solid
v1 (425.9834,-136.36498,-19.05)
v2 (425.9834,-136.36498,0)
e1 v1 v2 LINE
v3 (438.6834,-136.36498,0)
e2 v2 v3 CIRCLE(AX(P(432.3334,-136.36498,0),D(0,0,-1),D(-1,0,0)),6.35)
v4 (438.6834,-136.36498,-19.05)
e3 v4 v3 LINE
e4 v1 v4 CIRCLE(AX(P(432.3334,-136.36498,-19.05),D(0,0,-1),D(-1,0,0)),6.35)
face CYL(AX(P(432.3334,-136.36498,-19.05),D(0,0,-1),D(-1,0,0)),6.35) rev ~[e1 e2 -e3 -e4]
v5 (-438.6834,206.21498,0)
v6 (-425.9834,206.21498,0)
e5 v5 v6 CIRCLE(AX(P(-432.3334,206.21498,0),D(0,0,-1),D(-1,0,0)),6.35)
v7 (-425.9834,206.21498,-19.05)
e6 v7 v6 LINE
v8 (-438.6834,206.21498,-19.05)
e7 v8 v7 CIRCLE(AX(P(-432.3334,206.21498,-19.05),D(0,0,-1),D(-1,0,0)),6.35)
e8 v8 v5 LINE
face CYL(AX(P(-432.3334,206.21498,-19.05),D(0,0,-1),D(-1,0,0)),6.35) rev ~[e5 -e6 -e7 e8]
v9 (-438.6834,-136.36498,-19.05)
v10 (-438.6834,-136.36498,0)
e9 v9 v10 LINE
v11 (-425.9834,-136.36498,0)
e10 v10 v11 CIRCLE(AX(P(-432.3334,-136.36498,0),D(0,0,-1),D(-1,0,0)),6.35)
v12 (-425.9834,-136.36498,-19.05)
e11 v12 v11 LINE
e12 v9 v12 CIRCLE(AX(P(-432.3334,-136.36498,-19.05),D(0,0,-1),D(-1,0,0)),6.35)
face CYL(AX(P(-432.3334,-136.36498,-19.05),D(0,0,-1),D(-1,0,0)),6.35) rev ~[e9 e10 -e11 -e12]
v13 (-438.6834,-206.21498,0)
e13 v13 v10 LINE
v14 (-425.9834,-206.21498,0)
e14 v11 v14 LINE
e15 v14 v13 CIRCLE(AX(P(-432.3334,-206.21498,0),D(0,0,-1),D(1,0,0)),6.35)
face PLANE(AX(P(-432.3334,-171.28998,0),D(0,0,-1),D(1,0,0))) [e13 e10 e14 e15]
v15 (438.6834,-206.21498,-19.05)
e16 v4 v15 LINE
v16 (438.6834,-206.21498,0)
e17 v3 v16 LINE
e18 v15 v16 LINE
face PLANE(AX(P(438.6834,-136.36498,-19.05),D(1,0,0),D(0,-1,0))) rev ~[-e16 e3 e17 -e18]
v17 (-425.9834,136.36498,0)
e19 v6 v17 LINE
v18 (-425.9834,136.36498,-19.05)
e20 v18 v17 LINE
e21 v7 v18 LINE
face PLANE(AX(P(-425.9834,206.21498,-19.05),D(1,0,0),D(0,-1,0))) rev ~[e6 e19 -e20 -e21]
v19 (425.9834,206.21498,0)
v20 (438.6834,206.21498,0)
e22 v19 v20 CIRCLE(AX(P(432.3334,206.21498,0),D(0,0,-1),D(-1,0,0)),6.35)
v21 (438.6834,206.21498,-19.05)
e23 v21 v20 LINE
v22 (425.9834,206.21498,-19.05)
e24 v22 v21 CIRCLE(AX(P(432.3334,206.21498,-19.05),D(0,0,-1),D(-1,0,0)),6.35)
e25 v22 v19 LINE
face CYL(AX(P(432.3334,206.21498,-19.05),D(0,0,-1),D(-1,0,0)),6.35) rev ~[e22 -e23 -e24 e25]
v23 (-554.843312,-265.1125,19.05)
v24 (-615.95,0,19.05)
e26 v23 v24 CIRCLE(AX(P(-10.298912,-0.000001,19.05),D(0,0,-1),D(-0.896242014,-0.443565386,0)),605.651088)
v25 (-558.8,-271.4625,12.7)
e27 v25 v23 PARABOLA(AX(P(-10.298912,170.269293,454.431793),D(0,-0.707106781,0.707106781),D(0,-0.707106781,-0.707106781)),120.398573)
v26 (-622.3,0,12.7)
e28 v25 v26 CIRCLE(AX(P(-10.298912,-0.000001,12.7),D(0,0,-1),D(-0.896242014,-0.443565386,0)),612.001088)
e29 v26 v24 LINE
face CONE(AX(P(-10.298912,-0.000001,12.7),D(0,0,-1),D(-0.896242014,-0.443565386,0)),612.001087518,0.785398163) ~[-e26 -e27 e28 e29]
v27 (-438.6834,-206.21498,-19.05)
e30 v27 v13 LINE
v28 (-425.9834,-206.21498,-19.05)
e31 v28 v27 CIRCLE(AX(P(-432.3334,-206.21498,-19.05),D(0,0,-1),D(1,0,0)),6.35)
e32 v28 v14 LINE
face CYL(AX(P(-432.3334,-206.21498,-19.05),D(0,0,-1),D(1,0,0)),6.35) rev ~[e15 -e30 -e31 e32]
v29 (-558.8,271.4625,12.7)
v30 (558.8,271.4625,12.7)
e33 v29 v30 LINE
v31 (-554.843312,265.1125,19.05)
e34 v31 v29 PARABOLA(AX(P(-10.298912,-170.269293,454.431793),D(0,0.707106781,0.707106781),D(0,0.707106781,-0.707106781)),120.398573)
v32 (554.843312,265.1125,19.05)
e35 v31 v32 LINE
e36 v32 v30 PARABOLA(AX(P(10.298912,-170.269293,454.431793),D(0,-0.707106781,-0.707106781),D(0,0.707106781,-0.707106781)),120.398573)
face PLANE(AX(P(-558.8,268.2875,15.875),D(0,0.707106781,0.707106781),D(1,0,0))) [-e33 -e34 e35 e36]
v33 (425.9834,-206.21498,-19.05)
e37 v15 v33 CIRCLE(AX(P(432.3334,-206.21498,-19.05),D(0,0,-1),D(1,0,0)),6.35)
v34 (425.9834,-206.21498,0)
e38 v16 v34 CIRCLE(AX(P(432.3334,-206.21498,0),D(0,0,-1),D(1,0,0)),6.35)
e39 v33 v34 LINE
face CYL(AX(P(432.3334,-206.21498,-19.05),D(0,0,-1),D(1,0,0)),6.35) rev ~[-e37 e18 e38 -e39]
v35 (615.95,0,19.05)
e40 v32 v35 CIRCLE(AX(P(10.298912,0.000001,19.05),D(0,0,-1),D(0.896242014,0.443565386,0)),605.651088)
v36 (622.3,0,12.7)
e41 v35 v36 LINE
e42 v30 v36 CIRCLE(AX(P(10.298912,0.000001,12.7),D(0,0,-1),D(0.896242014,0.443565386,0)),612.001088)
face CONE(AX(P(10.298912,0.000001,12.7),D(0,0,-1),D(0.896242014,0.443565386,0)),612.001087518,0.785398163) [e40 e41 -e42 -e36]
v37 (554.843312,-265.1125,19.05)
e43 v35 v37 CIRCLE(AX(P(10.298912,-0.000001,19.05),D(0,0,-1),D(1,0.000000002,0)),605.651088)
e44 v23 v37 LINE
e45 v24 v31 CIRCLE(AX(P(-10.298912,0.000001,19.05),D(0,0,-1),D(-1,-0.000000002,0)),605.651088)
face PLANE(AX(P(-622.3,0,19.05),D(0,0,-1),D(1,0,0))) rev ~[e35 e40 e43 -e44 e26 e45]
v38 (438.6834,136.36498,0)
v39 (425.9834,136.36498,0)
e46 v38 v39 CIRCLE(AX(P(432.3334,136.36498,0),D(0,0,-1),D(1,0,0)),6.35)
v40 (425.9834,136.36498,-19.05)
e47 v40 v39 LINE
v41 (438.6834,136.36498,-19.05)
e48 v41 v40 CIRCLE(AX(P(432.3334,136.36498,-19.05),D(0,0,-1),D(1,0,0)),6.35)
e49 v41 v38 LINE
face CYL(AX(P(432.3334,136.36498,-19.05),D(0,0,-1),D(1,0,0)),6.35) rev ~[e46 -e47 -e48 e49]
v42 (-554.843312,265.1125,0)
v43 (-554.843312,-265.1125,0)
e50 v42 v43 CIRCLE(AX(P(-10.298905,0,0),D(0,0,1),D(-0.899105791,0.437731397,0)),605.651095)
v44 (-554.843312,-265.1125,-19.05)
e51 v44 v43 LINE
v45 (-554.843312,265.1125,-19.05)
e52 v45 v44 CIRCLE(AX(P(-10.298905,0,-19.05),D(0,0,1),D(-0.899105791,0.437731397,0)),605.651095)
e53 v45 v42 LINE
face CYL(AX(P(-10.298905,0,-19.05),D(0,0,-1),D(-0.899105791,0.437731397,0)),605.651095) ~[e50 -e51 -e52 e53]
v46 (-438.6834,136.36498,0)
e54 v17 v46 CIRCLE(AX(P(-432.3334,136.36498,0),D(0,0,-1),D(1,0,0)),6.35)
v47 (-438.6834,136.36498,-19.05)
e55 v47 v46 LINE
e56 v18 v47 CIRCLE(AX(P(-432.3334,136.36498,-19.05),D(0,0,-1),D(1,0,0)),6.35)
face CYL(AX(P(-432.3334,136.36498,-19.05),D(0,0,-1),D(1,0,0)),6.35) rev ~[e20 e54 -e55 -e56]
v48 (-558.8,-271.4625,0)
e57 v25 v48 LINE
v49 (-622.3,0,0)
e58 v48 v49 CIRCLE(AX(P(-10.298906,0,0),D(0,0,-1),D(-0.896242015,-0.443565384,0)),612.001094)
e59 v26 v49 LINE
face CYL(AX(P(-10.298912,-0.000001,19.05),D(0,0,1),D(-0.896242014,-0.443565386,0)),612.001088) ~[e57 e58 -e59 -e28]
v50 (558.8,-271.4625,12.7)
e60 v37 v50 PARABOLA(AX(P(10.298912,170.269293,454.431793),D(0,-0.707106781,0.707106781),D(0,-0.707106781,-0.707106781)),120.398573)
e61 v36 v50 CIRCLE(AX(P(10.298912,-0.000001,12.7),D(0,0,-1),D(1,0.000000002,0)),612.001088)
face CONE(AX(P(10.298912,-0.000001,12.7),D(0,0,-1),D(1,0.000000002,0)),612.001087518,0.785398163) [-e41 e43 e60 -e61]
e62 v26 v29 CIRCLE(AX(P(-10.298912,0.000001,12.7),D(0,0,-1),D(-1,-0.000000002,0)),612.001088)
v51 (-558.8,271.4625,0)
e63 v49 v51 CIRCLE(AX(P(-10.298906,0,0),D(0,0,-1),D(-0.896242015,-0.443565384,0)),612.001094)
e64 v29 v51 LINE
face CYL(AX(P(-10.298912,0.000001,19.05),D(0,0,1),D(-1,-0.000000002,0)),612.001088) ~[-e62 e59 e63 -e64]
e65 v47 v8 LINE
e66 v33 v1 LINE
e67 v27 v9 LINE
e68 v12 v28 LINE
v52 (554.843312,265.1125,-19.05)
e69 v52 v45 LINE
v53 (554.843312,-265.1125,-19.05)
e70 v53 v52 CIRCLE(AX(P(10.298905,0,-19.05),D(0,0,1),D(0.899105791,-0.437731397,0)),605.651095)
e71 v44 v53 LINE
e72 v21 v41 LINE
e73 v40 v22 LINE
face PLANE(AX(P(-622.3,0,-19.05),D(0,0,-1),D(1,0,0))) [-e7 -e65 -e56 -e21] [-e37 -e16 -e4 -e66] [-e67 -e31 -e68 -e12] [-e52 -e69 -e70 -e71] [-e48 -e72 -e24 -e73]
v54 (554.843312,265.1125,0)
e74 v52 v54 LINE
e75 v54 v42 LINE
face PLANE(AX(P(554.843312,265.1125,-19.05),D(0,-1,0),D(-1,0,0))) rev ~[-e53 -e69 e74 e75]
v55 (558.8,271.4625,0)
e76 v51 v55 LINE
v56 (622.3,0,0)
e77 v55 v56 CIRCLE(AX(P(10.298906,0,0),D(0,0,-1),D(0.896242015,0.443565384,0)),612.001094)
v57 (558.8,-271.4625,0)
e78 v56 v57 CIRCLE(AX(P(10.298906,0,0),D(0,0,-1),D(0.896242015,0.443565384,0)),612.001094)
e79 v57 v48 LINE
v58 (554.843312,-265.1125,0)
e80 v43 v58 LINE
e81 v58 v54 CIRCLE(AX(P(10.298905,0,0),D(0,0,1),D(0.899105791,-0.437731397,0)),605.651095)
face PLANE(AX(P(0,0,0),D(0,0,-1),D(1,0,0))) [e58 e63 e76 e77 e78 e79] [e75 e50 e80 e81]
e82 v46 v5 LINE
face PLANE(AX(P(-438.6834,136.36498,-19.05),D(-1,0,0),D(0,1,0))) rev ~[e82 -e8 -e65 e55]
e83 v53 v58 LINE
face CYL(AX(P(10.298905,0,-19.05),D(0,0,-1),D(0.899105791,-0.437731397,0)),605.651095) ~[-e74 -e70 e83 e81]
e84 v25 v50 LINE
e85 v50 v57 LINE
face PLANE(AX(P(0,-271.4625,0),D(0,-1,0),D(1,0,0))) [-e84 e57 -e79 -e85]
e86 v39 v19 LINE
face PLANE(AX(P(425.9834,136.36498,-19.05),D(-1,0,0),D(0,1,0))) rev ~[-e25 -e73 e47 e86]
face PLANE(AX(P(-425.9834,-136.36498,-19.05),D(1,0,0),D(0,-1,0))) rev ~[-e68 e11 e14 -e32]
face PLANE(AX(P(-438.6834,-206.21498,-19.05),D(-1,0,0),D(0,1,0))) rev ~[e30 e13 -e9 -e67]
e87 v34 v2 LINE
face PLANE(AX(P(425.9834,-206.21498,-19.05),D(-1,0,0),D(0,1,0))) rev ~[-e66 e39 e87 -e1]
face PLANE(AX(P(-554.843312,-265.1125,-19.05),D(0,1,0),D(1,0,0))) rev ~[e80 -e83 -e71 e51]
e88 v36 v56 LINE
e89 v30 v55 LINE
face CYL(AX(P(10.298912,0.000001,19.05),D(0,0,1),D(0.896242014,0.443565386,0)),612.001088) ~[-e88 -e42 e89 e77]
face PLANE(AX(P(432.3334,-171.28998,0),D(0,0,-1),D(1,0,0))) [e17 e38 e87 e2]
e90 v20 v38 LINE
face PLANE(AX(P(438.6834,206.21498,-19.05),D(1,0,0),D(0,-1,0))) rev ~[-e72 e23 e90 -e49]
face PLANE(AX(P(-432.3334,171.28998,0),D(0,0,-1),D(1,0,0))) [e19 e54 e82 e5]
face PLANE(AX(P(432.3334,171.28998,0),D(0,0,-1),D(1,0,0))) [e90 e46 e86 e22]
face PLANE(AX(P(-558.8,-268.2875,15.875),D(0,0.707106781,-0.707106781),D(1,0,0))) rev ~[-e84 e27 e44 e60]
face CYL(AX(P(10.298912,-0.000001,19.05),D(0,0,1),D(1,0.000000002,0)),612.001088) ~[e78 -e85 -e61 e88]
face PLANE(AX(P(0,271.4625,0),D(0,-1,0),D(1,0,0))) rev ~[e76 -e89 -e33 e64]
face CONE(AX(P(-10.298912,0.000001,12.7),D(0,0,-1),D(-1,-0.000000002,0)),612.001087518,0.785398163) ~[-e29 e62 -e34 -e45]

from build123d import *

# Parameters (mm, degrees)
F0_W     = 1244.6
F0_H     = 38.1
F1_DEPTH = 271.4625
F3_DEPTH = 38.101
F4_SIZE  = 6.35
F6_DEPTH = 19.05
F8_DEPTH = 19.05


with BuildPart() as f1:
    # F0 (on Front) → F1 (new body, symmetric)
    with BuildSketch(Plane.XZ):
        Rectangle(F0_W, F0_H)
    extrude(amount=F1_DEPTH, both=True)

    # F2 (on face) → F3 (cut, through all)
    with BuildSketch(Plane.XY.offset(19.05)):
        with BuildLine():
            ThreePointArc((-622.3, 0), (-606.213585, 139.395246), (-558.8, 271.4625))
            Line((-558.8, 271.4625), (-622.3, 271.4625))
            Line((-622.3, 271.4625), (-622.3, 0))
        make_face()
        with BuildLine():
            ThreePointArc((-558.8, -271.4625), (-606.213585, -139.395246), (-622.3, 0))
            Line((-622.3, 0), (-622.3, -271.4625))
            Line((-622.3, -271.4625), (-558.8, -271.4625))
        make_face()
        with BuildLine():
            Line((622.3, 271.4625), (558.8, 271.4625))
            ThreePointArc((558.8, 271.4625), (606.213585, 139.395246), (622.3, 0))
            Line((622.3, 0), (622.3, 271.4625))
        make_face()
        with BuildLine():
            Line((622.3, -271.4625), (622.3, 0))
            ThreePointArc((622.3, 0), (606.213585, -139.395246), (558.8, -271.4625))
            Line((558.8, -271.4625), (622.3, -271.4625))
        make_face()
    extrude(amount=-F3_DEPTH, mode=Mode.SUBTRACT)

    # F4
    f4_edges = [f1.edges().sort_by_distance(p)[0] for p in [
        (622.3, 0, 19.05),
        (0, 271.4625, 19.05),
        (-622.3, 0, 19.05),
        (0, -271.4625, 19.05),
    ]]
    chamfer(f4_edges, length=F4_SIZE)

    # F5 (on face) → F6 (cut)
    with BuildSketch(Plane(origin=(0, 0, -19.05), x_dir=(1, 0, 0), z_dir=(0, 0, -1))):
        with BuildLine():
            ThreePointArc((558.8, -271.4625), (622.3, 0), (558.8, 271.4625))
            Line((558.8, 271.4625), (-558.8, 271.4625))
            ThreePointArc((-558.8, 271.4625), (-622.3, 0), (-558.8, -271.4625))
            Line((-558.8, -271.4625), (558.8, -271.4625))
        make_face()
        with BuildLine():
            ThreePointArc((-554.843312, -265.1125), (-615.95, 0), (-554.843312, 265.1125))
            Line((-554.843312, 265.1125), (554.843312, 265.1125))
            ThreePointArc((554.843312, 265.1125), (615.95, 0), (554.843312, -265.1125))
            Line((554.843312, -265.1125), (-554.843312, -265.1125))
        make_face(mode=Mode.SUBTRACT)
    extrude(amount=-F6_DEPTH, mode=Mode.SUBTRACT)

    # F7 (on face) → F8 (cut)
    with BuildSketch(Plane(origin=(0, 0, -19.05), x_dir=(1, 0, 0), z_dir=(0, 0, -1))):
        with BuildLine():
            ThreePointArc((-438.6834, 136.36498), (-432.3334, 130.01498), (-425.9834, 136.36498))
            Line((-425.9834, 136.36498), (-425.9834, 206.21498))
            ThreePointArc((-425.9834, 206.21498), (-432.3334, 212.56498), (-438.6834, 206.21498))
            Line((-438.6834, 206.21498), (-438.6834, 136.36498))
        make_face()
        with BuildLine():
            ThreePointArc((-425.9834, -136.36498), (-432.3334, -130.01498), (-438.6834, -136.36498))
            Line((-438.6834, -136.36498), (-438.6834, -206.21498))
            ThreePointArc((-438.6834, -206.21498), (-432.3334, -212.56498), (-425.9834, -206.21498))
            Line((-425.9834, -206.21498), (-425.9834, -136.36498))
        make_face()
        with BuildLine():
            Line((438.6834, -206.21498), (438.6834, -136.36498))
            ThreePointArc((438.6834, -136.36498), (432.3334, -130.01498), (425.9834, -136.36498))
            Line((425.9834, -136.36498), (425.9834, -206.21498))
            ThreePointArc((425.9834, -206.21498), (432.3334, -212.56498), (438.6834, -206.21498))
        make_face()
        with BuildLine():
            ThreePointArc((425.9834, 136.36498), (432.3334, 130.01498), (438.6834, 136.36498))
            Line((438.6834, 136.36498), (438.6834, 206.21498))
            ThreePointArc((438.6834, 206.21498), (432.3334, 212.56498), (425.9834, 206.21498))
            Line((425.9834, 206.21498), (425.9834, 136.36498))
        make_face()
    extrude(amount=-F8_DEPTH, mode=Mode.SUBTRACT)


solid = f1.part
